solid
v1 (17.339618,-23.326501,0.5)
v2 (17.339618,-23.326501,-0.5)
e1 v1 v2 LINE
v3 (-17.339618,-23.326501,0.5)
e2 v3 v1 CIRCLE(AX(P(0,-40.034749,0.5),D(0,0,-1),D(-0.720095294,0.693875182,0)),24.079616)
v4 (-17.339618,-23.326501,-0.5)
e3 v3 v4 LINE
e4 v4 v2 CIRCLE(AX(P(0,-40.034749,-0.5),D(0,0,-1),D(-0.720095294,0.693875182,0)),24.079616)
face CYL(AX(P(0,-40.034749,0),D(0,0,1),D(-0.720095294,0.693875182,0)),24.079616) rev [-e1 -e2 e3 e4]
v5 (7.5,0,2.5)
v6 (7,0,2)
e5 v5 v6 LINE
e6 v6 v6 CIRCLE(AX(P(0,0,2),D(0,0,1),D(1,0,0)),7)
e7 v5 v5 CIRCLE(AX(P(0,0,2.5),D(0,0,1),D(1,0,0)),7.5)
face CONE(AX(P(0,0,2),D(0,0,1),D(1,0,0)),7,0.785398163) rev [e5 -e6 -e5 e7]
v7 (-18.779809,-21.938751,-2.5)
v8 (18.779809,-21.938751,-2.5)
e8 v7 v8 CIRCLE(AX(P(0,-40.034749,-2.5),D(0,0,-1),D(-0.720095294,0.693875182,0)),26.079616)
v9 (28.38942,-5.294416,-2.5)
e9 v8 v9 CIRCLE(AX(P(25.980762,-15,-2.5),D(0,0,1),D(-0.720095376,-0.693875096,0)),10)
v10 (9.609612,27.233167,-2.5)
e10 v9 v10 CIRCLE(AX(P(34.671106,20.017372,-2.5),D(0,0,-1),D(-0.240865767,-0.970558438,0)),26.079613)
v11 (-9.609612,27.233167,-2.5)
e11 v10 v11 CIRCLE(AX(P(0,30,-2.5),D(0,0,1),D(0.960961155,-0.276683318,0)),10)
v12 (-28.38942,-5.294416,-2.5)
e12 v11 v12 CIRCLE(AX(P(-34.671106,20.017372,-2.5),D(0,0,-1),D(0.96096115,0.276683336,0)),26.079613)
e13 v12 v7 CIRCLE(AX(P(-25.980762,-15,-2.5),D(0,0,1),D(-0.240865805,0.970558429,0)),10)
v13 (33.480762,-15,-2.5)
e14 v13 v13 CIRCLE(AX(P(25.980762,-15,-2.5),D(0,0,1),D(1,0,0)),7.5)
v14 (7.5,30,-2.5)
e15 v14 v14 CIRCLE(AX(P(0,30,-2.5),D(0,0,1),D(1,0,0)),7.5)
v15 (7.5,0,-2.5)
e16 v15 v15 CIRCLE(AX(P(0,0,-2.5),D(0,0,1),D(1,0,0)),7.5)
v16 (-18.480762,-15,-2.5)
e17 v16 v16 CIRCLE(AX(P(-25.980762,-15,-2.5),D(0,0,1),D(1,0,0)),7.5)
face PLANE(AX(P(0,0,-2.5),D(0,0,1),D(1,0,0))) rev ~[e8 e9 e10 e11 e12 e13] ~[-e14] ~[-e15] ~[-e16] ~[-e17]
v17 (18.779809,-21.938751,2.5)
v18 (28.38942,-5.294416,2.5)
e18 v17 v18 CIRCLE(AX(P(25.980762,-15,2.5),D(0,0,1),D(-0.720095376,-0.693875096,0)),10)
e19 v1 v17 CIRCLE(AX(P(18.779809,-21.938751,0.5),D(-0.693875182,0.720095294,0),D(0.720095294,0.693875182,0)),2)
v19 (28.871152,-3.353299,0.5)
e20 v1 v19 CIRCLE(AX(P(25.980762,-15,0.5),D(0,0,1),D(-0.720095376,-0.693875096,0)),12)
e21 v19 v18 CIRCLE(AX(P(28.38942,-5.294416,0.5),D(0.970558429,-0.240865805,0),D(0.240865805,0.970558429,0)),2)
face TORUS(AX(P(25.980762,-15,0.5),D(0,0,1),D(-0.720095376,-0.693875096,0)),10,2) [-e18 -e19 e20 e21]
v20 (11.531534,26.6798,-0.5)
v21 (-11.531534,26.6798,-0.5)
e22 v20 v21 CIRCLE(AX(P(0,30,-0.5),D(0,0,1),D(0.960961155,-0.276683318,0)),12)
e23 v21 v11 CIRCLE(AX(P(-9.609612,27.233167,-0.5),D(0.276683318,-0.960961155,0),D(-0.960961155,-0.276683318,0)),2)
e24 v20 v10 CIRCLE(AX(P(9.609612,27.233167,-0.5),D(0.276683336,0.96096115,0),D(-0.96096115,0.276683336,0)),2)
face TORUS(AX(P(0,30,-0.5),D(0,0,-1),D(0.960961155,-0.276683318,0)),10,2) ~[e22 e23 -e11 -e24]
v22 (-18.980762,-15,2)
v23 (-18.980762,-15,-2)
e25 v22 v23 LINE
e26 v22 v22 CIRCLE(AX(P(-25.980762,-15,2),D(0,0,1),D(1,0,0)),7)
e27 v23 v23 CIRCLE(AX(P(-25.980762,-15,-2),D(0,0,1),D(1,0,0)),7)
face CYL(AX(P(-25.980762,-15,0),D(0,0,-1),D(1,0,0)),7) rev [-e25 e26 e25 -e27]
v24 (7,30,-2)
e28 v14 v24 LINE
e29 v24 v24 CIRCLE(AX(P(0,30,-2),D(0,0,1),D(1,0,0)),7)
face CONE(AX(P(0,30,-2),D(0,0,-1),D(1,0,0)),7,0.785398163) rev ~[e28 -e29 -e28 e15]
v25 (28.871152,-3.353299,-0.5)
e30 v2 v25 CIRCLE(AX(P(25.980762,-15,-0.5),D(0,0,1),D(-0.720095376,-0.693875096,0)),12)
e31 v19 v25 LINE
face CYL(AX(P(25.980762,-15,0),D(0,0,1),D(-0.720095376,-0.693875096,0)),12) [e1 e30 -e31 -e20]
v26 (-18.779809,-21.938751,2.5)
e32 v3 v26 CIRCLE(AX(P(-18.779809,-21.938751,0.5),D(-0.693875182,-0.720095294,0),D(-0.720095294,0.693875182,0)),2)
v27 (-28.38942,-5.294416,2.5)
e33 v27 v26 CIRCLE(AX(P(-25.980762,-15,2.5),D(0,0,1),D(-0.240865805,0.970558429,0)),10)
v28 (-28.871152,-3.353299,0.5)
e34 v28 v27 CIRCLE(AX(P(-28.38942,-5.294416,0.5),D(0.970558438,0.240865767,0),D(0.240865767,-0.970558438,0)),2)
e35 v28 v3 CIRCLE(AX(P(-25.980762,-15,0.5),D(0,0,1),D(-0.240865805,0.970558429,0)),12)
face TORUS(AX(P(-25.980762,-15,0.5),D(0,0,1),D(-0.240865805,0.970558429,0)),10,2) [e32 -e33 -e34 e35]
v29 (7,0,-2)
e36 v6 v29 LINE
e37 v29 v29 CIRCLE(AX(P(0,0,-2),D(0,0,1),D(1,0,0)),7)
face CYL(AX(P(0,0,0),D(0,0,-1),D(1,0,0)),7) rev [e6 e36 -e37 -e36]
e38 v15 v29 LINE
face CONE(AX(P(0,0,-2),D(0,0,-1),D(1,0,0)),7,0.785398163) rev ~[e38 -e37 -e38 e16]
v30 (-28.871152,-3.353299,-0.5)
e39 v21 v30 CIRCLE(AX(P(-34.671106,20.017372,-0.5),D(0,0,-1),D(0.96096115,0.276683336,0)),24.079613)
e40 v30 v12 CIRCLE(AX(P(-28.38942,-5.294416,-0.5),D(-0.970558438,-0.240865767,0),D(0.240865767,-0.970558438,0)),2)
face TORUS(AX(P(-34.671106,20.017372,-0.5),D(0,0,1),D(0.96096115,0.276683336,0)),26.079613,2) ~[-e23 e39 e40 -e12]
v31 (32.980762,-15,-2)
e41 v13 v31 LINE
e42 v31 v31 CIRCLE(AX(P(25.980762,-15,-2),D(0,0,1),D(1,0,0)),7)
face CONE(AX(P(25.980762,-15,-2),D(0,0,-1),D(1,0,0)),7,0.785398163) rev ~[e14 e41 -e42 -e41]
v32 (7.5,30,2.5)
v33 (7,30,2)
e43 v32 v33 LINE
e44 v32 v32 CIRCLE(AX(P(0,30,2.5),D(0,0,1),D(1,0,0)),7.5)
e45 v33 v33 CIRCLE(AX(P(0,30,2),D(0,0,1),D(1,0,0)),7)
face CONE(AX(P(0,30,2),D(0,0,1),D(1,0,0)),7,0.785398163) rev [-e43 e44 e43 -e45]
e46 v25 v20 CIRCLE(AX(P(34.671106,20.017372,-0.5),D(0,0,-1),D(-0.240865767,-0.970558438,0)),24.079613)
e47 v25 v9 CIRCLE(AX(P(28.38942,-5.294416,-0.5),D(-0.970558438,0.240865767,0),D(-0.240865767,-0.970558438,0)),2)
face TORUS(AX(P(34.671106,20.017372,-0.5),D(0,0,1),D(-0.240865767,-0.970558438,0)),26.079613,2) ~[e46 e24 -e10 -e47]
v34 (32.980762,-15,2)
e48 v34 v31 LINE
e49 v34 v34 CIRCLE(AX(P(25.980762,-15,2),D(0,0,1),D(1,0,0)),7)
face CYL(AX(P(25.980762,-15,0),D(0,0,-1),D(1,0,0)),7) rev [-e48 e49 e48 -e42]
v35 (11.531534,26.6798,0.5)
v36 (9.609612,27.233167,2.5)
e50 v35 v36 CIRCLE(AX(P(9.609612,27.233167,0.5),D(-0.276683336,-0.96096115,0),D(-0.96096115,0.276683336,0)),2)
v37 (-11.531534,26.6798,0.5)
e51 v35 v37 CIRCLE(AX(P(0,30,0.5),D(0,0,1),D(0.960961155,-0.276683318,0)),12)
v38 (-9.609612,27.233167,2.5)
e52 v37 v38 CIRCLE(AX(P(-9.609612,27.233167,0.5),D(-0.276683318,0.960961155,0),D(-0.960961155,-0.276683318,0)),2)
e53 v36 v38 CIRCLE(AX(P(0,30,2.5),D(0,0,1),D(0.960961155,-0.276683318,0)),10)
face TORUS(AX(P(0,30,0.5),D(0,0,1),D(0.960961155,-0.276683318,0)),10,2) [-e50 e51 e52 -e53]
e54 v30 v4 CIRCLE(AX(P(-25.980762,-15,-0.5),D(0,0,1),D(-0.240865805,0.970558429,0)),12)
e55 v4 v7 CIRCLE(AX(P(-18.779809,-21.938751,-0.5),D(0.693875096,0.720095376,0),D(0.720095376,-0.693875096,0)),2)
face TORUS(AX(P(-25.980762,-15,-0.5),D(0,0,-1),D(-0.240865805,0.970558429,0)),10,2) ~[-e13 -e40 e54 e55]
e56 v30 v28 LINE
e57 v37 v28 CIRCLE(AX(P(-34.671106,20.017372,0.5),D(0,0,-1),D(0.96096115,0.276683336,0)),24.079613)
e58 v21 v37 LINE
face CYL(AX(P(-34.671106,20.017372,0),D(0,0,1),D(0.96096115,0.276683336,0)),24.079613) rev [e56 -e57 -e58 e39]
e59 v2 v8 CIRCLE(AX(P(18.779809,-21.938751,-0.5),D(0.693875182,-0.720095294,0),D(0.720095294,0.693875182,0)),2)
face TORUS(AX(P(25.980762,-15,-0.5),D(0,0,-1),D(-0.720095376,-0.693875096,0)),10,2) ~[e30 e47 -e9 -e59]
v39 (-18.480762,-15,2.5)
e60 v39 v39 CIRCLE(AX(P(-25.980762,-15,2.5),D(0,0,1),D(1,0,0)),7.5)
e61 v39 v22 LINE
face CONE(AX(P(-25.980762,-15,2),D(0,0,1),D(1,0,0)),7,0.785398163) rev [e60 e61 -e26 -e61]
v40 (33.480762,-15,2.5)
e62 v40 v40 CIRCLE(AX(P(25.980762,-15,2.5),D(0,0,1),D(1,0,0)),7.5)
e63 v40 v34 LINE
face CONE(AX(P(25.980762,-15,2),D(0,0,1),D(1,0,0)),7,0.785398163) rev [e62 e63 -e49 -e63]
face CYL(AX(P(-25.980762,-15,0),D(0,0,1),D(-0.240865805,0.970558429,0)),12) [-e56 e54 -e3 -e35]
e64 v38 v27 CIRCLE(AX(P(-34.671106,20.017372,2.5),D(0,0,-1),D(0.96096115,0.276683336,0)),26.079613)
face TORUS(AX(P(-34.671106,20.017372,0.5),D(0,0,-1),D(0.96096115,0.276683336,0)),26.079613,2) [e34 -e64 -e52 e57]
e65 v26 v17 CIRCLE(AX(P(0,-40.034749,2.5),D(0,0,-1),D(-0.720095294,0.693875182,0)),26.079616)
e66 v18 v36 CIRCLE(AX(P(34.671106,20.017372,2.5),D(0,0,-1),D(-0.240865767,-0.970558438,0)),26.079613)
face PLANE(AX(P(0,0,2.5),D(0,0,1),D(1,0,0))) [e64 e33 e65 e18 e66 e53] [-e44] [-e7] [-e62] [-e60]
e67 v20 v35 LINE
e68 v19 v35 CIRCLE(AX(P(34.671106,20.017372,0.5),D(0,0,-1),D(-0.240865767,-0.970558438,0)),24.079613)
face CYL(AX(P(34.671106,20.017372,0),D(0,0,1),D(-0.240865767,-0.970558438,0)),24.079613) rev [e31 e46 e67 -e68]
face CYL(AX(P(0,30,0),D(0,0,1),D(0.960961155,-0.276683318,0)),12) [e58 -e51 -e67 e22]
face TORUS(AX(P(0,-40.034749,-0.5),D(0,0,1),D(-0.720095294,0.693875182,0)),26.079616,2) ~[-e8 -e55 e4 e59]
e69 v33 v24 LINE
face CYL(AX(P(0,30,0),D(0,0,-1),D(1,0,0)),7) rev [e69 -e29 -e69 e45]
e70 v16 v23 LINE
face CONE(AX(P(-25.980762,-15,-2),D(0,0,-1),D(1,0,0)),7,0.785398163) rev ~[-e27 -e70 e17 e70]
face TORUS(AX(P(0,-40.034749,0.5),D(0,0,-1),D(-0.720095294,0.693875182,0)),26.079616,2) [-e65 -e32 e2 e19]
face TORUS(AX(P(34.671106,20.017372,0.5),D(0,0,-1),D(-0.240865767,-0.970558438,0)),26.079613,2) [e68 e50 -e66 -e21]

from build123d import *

# Parameters (mm, degrees)
F0_R     = 7
F1_DEPTH = 2.5
F2_R     = 2
F3_SIZE  = 0.5


with BuildPart() as f1:
    # F0 (on Top) → F1 (new body, symmetric)
    with BuildSketch(Plane.XY):
        with BuildLine():
            ThreePointArc((28.871152, -3.353299), (13.81755, 7.977566), (11.531534, 26.6798))
            ThreePointArc((11.531534, 26.6798), (0, 42), (-11.531534, 26.6798))
            ThreePointArc((-11.531534, 26.6798), (-13.81755, 7.977566), (-28.871152, -3.353299))
            ThreePointArc((-28.871152, -3.353299), (-36.373067, -21), (-17.339618, -23.326501))
            ThreePointArc((-17.339618, -23.326501), (0, -15.955133), (17.339618, -23.326501))
            ThreePointArc((17.339618, -23.326501), (36.373067, -21), (28.871152, -3.353299))
        make_face()
        with Locations((-25.980762, -15)):
            Circle(F0_R, mode=Mode.SUBTRACT)
        with Locations((25.980762, -15)):
            Circle(F0_R, mode=Mode.SUBTRACT)
        Circle(F0_R, mode=Mode.SUBTRACT)
        with Locations((0, 30)):
            Circle(F0_R, mode=Mode.SUBTRACT)
    extrude(amount=F1_DEPTH, both=True)

    # F2
    f2_edges = [f1.edges().sort_by_distance(p)[0] for p in [
        (0, -15.955133, 2.5),
        (13.81755, 7.977566, -2.5),
    ]]
    fillet(f2_edges, radius=F2_R)

    # F3
    f3_edges = [f1.edges().sort_by_distance(p)[0] for p in [
        (-32.980762, -15, 2.5),
        (-7, 0, 2.5),
        (18.980762, -15, 2.5),
        (-7, 30, 2.5),
        (-7, 0, -2.5),
        (18.980762, -15, -2.5),
        (-32.980762, -15, -2.5),
        (-7, 30, -2.5),
    ]]
    chamfer(f3_edges, length=F3_SIZE)


solid = f1.part
